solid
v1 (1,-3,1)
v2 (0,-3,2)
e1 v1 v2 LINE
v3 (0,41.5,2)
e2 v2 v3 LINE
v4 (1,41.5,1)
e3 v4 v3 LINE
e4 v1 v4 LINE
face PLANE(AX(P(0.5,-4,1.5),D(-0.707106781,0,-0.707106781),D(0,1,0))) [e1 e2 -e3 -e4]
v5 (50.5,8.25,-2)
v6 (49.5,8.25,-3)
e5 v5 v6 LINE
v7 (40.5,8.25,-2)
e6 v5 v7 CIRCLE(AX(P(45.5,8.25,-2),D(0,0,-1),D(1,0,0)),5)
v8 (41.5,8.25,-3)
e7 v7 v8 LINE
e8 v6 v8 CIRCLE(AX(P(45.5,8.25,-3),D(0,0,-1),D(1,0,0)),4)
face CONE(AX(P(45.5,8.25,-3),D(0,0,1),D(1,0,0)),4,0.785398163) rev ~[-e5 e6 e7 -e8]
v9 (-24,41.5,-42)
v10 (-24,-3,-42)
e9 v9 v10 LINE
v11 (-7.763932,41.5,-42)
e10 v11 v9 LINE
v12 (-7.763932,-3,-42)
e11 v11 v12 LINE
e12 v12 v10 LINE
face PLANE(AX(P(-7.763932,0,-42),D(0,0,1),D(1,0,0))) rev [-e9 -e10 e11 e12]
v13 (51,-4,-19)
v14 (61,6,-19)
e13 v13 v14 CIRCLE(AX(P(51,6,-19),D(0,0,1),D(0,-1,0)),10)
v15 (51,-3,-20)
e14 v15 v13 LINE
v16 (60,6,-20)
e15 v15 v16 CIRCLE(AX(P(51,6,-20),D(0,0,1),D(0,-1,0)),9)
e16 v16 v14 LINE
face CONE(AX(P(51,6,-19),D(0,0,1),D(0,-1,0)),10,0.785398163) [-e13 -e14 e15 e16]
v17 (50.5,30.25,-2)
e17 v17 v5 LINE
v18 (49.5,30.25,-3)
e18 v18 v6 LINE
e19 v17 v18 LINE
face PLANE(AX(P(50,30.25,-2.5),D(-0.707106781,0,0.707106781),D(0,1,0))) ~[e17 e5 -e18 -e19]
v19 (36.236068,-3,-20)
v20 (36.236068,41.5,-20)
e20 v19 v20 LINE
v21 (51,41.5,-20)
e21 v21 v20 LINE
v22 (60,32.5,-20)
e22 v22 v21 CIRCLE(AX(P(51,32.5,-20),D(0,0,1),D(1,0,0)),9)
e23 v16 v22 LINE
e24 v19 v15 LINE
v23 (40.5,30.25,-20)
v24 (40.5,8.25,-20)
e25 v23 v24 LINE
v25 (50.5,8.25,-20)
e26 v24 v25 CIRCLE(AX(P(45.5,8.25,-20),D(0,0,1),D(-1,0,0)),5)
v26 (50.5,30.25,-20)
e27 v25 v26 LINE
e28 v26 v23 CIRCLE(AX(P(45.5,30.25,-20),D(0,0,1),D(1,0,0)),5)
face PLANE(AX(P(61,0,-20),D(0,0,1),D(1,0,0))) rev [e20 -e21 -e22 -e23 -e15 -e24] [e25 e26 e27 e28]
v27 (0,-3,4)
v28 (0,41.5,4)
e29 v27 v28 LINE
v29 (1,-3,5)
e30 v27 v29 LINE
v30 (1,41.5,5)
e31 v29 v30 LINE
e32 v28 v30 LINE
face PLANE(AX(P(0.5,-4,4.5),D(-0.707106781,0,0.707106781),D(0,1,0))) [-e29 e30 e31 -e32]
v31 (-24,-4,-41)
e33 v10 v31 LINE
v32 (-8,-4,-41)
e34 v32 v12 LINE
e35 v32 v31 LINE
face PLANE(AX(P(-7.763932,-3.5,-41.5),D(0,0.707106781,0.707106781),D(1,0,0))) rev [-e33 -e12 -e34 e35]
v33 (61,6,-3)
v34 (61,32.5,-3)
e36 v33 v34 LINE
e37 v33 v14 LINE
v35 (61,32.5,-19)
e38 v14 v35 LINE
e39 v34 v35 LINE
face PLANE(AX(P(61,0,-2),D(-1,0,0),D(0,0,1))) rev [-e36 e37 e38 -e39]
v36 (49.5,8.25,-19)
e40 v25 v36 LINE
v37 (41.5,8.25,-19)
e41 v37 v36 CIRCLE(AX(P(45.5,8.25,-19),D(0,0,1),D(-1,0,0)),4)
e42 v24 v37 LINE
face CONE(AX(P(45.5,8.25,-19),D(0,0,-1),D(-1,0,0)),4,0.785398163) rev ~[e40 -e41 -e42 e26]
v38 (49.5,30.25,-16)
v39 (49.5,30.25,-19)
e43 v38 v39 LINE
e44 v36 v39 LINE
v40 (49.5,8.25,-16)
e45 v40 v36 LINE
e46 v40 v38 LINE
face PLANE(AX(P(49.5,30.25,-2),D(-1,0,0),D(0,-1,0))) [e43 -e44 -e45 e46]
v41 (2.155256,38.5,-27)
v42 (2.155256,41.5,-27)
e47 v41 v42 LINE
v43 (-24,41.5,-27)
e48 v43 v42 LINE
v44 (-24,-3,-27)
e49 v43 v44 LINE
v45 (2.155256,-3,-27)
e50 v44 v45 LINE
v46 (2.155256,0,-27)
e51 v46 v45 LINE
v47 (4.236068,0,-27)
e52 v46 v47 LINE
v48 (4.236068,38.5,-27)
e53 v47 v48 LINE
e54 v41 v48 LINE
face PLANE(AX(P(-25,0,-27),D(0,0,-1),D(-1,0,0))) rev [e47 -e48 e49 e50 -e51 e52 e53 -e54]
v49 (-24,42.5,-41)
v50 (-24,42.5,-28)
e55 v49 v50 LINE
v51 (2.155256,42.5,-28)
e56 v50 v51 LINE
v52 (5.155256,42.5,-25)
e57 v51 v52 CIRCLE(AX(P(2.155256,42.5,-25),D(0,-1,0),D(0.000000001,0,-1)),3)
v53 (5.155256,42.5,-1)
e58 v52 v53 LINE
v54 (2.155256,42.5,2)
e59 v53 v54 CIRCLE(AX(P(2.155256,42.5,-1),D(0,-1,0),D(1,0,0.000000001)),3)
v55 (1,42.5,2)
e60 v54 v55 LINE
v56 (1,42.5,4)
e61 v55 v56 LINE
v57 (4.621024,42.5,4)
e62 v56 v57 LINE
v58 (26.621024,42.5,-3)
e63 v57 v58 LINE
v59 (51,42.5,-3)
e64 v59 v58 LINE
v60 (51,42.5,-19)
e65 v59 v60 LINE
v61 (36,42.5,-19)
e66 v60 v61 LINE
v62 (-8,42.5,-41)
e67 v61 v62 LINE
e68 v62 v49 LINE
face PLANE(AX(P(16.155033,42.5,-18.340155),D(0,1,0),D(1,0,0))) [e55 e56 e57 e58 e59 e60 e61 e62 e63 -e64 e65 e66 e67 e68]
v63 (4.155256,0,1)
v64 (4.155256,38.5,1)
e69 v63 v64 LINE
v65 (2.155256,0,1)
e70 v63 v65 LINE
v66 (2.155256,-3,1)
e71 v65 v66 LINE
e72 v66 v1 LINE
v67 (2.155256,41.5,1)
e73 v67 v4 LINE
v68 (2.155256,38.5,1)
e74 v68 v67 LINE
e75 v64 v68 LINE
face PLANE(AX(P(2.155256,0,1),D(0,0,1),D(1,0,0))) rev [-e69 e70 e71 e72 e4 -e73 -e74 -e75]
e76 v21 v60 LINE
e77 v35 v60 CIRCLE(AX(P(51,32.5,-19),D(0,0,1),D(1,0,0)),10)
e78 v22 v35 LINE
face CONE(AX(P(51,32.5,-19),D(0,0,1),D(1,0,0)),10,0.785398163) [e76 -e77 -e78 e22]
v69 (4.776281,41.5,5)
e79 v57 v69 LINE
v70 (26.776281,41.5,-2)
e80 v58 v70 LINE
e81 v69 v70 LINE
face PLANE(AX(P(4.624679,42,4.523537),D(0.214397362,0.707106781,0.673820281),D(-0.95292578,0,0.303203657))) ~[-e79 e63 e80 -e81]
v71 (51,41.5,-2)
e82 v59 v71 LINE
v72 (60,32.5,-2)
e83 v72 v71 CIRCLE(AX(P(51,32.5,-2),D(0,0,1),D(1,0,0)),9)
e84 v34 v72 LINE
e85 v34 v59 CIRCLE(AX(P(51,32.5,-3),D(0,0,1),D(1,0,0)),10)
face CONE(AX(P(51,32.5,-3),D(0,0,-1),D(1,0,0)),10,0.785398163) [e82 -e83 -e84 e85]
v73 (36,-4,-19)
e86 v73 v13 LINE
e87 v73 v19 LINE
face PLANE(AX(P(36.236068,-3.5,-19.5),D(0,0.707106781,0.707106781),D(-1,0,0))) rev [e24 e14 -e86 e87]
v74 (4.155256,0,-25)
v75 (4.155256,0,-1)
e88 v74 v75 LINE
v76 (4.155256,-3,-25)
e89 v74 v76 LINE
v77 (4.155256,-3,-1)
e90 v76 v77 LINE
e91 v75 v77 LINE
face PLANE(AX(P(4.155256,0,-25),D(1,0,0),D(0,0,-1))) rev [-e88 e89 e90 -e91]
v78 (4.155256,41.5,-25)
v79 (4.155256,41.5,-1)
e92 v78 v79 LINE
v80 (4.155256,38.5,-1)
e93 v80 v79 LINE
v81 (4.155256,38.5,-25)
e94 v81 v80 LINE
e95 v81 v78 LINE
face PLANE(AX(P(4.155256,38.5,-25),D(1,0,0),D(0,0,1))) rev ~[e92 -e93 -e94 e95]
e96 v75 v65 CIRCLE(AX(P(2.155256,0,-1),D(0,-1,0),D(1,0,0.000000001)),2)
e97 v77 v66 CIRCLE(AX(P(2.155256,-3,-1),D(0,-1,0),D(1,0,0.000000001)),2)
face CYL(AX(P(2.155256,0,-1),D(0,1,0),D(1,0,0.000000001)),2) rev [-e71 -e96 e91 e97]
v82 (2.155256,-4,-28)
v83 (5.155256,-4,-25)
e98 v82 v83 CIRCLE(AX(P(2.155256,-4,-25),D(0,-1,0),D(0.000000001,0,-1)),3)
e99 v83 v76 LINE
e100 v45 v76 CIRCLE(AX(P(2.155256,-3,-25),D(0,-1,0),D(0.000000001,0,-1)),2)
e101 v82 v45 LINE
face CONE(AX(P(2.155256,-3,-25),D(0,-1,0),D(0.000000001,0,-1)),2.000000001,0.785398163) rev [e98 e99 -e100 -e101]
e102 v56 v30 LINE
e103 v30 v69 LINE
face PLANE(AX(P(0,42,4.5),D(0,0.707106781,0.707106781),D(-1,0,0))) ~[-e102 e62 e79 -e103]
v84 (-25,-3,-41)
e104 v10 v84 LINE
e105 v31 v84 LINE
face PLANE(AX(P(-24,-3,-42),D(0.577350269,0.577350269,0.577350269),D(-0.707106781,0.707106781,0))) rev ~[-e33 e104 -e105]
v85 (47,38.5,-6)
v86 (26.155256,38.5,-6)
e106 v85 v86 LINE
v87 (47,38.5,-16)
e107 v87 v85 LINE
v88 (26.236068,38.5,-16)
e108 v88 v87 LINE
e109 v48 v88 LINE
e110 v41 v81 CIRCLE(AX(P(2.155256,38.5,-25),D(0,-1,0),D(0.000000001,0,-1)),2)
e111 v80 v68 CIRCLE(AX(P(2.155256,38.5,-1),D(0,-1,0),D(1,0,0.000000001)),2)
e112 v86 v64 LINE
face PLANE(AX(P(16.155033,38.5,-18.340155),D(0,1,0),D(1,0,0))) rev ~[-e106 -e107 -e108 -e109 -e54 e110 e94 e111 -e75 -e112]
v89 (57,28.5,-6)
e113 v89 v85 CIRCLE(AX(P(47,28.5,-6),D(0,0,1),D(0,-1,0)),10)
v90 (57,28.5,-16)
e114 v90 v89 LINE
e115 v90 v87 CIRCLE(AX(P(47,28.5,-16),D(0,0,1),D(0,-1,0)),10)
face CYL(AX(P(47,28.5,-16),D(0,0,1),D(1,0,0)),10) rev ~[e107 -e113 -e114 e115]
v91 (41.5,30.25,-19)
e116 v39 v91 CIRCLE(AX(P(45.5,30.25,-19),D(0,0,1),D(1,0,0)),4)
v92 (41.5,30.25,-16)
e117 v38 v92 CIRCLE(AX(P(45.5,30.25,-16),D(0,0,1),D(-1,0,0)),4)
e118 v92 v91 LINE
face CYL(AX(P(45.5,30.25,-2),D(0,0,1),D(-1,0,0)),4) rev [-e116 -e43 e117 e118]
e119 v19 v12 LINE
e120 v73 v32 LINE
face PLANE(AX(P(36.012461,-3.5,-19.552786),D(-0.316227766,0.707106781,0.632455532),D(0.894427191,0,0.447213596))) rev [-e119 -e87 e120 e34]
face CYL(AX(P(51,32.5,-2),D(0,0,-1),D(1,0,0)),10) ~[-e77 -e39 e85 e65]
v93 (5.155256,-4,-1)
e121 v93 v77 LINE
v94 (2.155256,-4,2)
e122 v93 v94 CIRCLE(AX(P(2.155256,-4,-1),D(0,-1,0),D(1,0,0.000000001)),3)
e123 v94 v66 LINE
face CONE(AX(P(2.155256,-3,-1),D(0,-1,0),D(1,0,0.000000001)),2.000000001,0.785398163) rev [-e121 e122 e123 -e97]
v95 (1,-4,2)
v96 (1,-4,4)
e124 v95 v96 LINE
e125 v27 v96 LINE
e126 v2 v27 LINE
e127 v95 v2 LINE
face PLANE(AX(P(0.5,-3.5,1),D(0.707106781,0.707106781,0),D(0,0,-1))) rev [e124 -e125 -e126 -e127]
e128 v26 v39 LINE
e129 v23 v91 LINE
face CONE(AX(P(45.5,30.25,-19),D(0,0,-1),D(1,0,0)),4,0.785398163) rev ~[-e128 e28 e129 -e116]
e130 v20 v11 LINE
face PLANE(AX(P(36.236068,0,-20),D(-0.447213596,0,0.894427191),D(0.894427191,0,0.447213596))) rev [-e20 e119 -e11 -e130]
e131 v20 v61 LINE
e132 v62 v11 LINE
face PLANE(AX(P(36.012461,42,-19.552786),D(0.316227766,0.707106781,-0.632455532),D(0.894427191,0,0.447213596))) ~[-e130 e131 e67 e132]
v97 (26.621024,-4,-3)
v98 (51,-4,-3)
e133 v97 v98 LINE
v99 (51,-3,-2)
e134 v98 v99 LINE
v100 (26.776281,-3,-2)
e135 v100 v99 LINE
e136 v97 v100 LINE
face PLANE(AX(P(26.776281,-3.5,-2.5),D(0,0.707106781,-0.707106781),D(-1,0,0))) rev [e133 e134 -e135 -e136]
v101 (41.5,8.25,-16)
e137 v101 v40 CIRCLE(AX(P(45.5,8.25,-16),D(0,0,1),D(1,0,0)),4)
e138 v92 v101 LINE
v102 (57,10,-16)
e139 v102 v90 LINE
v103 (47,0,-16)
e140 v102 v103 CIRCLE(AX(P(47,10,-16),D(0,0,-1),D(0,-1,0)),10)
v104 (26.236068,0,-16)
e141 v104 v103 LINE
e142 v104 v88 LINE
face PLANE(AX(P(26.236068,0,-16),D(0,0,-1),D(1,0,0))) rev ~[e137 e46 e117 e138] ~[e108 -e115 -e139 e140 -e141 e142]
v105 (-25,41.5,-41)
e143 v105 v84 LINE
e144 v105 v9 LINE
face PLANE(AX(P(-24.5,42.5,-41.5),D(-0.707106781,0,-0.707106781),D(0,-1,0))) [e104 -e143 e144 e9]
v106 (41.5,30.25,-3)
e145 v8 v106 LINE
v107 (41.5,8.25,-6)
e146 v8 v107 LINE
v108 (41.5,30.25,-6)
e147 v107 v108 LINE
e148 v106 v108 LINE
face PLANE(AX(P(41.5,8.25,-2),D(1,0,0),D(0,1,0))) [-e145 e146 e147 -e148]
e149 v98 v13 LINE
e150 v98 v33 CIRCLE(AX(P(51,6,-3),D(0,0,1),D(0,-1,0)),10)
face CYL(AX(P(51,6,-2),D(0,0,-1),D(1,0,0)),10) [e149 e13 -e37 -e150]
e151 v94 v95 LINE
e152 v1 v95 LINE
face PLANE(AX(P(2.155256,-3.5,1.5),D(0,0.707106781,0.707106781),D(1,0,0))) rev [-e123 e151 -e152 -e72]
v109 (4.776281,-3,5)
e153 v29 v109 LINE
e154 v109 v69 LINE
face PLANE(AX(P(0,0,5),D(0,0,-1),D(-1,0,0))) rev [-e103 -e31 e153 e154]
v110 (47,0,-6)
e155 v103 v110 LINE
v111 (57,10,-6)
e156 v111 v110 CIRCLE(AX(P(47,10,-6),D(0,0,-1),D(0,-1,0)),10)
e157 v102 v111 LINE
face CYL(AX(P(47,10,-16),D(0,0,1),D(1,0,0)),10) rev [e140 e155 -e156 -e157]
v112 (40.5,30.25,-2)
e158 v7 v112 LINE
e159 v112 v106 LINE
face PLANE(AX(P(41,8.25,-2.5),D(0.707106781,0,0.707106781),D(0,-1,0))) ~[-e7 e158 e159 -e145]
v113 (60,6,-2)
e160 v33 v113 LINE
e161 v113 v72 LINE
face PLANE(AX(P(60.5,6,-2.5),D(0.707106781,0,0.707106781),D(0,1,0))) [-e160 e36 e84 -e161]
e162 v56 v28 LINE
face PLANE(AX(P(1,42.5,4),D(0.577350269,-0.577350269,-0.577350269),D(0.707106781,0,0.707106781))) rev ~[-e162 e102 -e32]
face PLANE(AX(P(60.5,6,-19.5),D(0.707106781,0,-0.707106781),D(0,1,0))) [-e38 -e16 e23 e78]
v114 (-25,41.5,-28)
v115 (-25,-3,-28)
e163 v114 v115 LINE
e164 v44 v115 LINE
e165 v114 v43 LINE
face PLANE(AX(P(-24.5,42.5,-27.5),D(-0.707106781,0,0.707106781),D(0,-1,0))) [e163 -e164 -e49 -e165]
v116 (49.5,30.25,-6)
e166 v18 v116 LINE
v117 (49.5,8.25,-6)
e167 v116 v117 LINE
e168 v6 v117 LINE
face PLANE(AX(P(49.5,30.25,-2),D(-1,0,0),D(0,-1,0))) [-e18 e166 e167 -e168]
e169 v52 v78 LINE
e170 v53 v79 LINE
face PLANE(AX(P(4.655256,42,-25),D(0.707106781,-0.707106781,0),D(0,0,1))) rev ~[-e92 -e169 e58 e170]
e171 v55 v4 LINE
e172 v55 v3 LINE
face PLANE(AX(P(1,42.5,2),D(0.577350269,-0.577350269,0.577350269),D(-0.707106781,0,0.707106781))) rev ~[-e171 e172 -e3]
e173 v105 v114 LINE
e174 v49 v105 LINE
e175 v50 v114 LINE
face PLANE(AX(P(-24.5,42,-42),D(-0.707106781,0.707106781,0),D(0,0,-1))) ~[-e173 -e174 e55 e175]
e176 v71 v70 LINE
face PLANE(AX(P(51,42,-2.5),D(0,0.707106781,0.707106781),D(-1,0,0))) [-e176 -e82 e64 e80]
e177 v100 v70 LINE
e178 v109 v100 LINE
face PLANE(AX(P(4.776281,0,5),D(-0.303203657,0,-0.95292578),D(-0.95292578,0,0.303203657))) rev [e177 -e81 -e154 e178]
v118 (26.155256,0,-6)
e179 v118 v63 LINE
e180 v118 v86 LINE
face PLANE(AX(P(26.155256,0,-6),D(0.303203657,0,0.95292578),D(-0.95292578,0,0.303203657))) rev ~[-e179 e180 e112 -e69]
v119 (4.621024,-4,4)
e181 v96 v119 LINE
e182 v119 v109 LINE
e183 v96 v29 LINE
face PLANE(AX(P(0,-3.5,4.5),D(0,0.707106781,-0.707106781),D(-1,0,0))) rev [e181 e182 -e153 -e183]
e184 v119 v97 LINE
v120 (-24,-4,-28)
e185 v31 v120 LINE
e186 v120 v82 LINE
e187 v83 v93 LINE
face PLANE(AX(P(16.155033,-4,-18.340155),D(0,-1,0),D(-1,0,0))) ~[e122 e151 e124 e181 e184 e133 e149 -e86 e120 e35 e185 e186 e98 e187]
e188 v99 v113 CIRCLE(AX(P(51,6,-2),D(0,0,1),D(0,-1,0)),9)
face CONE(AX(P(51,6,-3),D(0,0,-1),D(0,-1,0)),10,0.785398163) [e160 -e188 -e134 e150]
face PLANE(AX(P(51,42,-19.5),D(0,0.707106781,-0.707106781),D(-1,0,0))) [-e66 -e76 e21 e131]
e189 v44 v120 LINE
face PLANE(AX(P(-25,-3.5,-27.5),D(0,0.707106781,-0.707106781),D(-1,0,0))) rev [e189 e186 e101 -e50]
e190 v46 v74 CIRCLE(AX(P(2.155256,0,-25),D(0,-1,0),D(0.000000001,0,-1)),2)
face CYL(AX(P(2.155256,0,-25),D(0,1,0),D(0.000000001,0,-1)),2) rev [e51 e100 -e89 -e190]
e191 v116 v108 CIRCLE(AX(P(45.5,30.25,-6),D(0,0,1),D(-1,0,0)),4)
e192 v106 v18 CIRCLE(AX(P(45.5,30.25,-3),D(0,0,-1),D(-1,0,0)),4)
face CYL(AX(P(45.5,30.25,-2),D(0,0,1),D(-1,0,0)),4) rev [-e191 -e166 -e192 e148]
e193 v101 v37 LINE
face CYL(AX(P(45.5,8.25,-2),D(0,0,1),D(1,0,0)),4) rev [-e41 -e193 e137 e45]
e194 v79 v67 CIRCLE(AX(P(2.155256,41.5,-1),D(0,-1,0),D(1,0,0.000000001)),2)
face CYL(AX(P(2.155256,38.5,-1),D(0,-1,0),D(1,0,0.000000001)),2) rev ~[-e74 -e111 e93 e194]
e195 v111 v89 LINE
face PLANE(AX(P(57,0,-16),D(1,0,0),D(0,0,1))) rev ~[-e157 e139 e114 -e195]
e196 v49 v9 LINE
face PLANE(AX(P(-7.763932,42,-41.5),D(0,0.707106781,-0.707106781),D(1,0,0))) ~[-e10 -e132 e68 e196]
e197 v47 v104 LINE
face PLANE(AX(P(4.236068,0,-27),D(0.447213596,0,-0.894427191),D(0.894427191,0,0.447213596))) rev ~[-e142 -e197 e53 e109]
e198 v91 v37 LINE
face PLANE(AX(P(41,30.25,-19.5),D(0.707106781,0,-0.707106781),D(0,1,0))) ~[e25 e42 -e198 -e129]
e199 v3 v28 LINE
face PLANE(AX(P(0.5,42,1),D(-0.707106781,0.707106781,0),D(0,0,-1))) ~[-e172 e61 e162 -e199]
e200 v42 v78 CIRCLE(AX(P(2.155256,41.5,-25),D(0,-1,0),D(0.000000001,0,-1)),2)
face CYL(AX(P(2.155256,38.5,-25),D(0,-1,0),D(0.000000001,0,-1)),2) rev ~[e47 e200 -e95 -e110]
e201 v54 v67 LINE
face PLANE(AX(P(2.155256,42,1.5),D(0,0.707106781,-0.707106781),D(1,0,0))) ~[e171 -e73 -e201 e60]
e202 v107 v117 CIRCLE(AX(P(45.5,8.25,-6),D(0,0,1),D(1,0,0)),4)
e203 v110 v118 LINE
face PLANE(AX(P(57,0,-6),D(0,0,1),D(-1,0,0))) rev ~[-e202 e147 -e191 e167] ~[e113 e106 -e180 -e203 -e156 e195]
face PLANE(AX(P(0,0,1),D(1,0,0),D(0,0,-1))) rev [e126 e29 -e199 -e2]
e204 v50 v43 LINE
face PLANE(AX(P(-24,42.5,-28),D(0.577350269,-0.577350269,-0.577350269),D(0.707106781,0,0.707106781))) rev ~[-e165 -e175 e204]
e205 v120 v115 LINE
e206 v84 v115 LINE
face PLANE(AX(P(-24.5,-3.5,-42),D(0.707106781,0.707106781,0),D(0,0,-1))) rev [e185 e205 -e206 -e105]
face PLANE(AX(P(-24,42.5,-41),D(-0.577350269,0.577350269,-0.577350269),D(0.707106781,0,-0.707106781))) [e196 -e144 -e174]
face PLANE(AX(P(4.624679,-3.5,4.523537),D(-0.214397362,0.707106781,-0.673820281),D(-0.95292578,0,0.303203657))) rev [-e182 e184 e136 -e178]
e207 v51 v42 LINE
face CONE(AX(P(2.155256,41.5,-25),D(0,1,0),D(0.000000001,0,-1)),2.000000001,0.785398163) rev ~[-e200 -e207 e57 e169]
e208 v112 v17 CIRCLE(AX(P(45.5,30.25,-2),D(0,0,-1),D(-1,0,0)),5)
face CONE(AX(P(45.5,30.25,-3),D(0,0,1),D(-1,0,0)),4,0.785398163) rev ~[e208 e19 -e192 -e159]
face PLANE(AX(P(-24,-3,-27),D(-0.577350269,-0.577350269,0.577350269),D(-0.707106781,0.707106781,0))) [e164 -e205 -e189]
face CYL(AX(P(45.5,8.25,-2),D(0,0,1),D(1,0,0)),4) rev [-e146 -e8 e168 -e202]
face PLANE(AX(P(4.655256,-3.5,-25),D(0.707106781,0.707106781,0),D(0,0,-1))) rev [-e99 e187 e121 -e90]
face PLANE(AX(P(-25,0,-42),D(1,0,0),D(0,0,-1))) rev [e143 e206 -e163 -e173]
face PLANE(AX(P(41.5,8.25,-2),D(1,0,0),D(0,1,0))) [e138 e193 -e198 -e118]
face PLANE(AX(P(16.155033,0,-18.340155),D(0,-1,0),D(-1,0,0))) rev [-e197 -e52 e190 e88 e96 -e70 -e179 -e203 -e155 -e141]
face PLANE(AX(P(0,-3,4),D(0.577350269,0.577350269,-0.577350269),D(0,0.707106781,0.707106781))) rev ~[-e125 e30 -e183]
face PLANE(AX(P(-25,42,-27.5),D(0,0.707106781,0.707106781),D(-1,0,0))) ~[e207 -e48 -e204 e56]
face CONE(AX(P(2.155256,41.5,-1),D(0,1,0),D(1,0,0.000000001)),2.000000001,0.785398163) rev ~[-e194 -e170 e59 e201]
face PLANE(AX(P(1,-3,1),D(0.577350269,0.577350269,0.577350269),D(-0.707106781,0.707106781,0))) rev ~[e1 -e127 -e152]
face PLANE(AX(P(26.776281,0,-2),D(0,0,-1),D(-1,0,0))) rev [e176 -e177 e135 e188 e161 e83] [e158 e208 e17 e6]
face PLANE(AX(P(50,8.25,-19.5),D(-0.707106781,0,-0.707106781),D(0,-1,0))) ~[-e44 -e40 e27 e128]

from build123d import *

# Parameters (mm, degrees)
CREATE_INTERNAL_GEOMETRY_DEPTH = 38.5
CUT_SHACKLE_HOLE_DEPTH         = 83.481816178
CAP_TOP_END_DEPTH              = 4
ROUND_CORNERS_R                = 10
UNNECESSARY_CHAMFERS_SIZE      = 1


with BuildPart() as part:
    # Sketch2 → Create internal geometry (new body)
    with BuildSketch(Plane(origin=(0, 0, 0), x_dir=(1, 0, 0), z_dir=(0, 1, 0))):
        Polygon((36.236067977, 20), (-7.763932023, 42), (-25, 42), (-25, 27), (4.236067977, 27), (26.236067977, 16), (57, 16), (57, 6), (26.155256109, 6), (4.155256109, -1), (0, -1), (0, -5), (4.776280544, -5), (26.776280544, 2), (61, 2), (61, 20), align=None)
    extrude(amount=CREATE_INTERNAL_GEOMETRY_DEPTH)

    # Sketch4 → Cut shackle hole (cut, through all)
    with BuildSketch(Plane.XY.offset(-2)):
        with BuildLine():
            Line((49.5, 30.25), (49.5, 8.25))
            ThreePointArc((49.5, 8.25), (45.5, 4.25), (41.5, 8.25))
            Line((41.5, 8.25), (41.5, 30.25))
            ThreePointArc((41.5, 30.25), (45.5, 34.25), (49.5, 30.25))
        make_face()
    extrude(amount=-CUT_SHACKLE_HOLE_DEPTH, mode=Mode.SUBTRACT)

    # Sketch3 → Cap top end (add)
    with BuildSketch(Plane(origin=(0, 38.5, 0), x_dir=(1, 0, 0), z_dir=(0, 1, 0))):
        with BuildLine():
            Line((-25, 27), (2.155256109, 27))
            ThreePointArc((2.155256109, 27), (3.569469671, 26.414213562), (4.155256109, 25))
            Line((4.155256109, 25), (4.155256109, 1))
            ThreePointArc((4.155256109, 1), (3.569469671, -0.414213562), (2.155256109, -1))
            Line((2.155256109, -1), (0, -1))
            Line((0, -1), (0, -5))
            Line((0, -5), (4.776280544, -5))
            Line((4.776280544, -5), (26.776280544, 2))
            Line((26.776280544, 2), (61, 2))
            Line((61, 2), (61, 20))
            Line((61, 20), (36.236067977, 20))
            Line((36.236067977, 20), (-7.763932023, 42))
            Line((-7.763932023, 42), (-25, 42))
            Line((-25, 42), (-25, 27))
        make_face()
    cap_top_end = extrude(amount=CAP_TOP_END_DEPTH)

    # Mirror top cap to bottom: Cap top end across plane
    add(cap_top_end.mirror(Plane.ZX.offset(19.25)))

    # Round corners
    round_corners_edges = [part.edges().sort_by_distance(p)[0] for p in [
        (61, -4, -11),
        (57, 0, -11),
        (57, 38.5, -11),
        (61, 42.5, -11),
    ]]
    fillet(round_corners_edges, radius=ROUND_CORNERS_R)

    # Unnecessary chamfers
    unnecessary_chamfers_edges = [part.edges().sort_by_distance(p)[0] for p in [
        (-25, -4, -34.5),
        (-16.381966011, -4, -42),
        (14.236067977, -4, -31),
        (38.888140272, -4, -2),
        (15.776280544, -4, 1.5),
        (2.388140272, -4, 5),
        (0, -4, 3),
        (1.077628054, -4, 1),
        (3.569469671, -4, 0.414213562),
        (4.155256109, -4, -13),
        (3.569469671, -4, -26.414213562),
        (-11.422371946, -4, -27),
        (43.618033989, 42.5, -20),
        (61, 19.25, -20),
        (43.618033989, -4, -20),
        (58.071067812, -1.071067812, -20),
        (58.071067812, 39.571067812, -20),
        (61, 19.25, -2),
        (58.071067812, -1.071067812, -2),
        (58.071067812, 39.571067812, -2),
        (0, 19.25, 1),
        (-25, 19.25, -27),
        (-25, 19.25, -42),
        (0, 19.25, 5),
        (45.5, 34.25, -20),
        (49.5, 19.25, -20),
        (45.5, 4.25, -20),
        (41.5, 19.25, -20),
        (45.5, 34.25, -2),
        (41.5, 19.25, -2),
        (45.5, 4.25, -2),
        (49.5, 19.25, -2),
        (-25, 42.5, -34.5),
        (-11.422371946, 42.5, -27),
        (3.569469671, 42.5, -26.414213562),
        (4.155256109, 42.5, -13),
        (3.569469671, 42.5, 0.414213562),
        (1.077628054, 42.5, 1),
        (0, 42.5, 3),
        (2.388140272, 42.5, 5),
        (15.776280544, 42.5, 1.5),
        (38.888140272, 42.5, -2),
        (14.236067977, 42.5, -31),
        (-16.381966011, 42.5, -42),
    ]]
    chamfer(unnecessary_chamfers_edges, length=UNNECESSARY_CHAMFERS_SIZE)


solid = part.part
